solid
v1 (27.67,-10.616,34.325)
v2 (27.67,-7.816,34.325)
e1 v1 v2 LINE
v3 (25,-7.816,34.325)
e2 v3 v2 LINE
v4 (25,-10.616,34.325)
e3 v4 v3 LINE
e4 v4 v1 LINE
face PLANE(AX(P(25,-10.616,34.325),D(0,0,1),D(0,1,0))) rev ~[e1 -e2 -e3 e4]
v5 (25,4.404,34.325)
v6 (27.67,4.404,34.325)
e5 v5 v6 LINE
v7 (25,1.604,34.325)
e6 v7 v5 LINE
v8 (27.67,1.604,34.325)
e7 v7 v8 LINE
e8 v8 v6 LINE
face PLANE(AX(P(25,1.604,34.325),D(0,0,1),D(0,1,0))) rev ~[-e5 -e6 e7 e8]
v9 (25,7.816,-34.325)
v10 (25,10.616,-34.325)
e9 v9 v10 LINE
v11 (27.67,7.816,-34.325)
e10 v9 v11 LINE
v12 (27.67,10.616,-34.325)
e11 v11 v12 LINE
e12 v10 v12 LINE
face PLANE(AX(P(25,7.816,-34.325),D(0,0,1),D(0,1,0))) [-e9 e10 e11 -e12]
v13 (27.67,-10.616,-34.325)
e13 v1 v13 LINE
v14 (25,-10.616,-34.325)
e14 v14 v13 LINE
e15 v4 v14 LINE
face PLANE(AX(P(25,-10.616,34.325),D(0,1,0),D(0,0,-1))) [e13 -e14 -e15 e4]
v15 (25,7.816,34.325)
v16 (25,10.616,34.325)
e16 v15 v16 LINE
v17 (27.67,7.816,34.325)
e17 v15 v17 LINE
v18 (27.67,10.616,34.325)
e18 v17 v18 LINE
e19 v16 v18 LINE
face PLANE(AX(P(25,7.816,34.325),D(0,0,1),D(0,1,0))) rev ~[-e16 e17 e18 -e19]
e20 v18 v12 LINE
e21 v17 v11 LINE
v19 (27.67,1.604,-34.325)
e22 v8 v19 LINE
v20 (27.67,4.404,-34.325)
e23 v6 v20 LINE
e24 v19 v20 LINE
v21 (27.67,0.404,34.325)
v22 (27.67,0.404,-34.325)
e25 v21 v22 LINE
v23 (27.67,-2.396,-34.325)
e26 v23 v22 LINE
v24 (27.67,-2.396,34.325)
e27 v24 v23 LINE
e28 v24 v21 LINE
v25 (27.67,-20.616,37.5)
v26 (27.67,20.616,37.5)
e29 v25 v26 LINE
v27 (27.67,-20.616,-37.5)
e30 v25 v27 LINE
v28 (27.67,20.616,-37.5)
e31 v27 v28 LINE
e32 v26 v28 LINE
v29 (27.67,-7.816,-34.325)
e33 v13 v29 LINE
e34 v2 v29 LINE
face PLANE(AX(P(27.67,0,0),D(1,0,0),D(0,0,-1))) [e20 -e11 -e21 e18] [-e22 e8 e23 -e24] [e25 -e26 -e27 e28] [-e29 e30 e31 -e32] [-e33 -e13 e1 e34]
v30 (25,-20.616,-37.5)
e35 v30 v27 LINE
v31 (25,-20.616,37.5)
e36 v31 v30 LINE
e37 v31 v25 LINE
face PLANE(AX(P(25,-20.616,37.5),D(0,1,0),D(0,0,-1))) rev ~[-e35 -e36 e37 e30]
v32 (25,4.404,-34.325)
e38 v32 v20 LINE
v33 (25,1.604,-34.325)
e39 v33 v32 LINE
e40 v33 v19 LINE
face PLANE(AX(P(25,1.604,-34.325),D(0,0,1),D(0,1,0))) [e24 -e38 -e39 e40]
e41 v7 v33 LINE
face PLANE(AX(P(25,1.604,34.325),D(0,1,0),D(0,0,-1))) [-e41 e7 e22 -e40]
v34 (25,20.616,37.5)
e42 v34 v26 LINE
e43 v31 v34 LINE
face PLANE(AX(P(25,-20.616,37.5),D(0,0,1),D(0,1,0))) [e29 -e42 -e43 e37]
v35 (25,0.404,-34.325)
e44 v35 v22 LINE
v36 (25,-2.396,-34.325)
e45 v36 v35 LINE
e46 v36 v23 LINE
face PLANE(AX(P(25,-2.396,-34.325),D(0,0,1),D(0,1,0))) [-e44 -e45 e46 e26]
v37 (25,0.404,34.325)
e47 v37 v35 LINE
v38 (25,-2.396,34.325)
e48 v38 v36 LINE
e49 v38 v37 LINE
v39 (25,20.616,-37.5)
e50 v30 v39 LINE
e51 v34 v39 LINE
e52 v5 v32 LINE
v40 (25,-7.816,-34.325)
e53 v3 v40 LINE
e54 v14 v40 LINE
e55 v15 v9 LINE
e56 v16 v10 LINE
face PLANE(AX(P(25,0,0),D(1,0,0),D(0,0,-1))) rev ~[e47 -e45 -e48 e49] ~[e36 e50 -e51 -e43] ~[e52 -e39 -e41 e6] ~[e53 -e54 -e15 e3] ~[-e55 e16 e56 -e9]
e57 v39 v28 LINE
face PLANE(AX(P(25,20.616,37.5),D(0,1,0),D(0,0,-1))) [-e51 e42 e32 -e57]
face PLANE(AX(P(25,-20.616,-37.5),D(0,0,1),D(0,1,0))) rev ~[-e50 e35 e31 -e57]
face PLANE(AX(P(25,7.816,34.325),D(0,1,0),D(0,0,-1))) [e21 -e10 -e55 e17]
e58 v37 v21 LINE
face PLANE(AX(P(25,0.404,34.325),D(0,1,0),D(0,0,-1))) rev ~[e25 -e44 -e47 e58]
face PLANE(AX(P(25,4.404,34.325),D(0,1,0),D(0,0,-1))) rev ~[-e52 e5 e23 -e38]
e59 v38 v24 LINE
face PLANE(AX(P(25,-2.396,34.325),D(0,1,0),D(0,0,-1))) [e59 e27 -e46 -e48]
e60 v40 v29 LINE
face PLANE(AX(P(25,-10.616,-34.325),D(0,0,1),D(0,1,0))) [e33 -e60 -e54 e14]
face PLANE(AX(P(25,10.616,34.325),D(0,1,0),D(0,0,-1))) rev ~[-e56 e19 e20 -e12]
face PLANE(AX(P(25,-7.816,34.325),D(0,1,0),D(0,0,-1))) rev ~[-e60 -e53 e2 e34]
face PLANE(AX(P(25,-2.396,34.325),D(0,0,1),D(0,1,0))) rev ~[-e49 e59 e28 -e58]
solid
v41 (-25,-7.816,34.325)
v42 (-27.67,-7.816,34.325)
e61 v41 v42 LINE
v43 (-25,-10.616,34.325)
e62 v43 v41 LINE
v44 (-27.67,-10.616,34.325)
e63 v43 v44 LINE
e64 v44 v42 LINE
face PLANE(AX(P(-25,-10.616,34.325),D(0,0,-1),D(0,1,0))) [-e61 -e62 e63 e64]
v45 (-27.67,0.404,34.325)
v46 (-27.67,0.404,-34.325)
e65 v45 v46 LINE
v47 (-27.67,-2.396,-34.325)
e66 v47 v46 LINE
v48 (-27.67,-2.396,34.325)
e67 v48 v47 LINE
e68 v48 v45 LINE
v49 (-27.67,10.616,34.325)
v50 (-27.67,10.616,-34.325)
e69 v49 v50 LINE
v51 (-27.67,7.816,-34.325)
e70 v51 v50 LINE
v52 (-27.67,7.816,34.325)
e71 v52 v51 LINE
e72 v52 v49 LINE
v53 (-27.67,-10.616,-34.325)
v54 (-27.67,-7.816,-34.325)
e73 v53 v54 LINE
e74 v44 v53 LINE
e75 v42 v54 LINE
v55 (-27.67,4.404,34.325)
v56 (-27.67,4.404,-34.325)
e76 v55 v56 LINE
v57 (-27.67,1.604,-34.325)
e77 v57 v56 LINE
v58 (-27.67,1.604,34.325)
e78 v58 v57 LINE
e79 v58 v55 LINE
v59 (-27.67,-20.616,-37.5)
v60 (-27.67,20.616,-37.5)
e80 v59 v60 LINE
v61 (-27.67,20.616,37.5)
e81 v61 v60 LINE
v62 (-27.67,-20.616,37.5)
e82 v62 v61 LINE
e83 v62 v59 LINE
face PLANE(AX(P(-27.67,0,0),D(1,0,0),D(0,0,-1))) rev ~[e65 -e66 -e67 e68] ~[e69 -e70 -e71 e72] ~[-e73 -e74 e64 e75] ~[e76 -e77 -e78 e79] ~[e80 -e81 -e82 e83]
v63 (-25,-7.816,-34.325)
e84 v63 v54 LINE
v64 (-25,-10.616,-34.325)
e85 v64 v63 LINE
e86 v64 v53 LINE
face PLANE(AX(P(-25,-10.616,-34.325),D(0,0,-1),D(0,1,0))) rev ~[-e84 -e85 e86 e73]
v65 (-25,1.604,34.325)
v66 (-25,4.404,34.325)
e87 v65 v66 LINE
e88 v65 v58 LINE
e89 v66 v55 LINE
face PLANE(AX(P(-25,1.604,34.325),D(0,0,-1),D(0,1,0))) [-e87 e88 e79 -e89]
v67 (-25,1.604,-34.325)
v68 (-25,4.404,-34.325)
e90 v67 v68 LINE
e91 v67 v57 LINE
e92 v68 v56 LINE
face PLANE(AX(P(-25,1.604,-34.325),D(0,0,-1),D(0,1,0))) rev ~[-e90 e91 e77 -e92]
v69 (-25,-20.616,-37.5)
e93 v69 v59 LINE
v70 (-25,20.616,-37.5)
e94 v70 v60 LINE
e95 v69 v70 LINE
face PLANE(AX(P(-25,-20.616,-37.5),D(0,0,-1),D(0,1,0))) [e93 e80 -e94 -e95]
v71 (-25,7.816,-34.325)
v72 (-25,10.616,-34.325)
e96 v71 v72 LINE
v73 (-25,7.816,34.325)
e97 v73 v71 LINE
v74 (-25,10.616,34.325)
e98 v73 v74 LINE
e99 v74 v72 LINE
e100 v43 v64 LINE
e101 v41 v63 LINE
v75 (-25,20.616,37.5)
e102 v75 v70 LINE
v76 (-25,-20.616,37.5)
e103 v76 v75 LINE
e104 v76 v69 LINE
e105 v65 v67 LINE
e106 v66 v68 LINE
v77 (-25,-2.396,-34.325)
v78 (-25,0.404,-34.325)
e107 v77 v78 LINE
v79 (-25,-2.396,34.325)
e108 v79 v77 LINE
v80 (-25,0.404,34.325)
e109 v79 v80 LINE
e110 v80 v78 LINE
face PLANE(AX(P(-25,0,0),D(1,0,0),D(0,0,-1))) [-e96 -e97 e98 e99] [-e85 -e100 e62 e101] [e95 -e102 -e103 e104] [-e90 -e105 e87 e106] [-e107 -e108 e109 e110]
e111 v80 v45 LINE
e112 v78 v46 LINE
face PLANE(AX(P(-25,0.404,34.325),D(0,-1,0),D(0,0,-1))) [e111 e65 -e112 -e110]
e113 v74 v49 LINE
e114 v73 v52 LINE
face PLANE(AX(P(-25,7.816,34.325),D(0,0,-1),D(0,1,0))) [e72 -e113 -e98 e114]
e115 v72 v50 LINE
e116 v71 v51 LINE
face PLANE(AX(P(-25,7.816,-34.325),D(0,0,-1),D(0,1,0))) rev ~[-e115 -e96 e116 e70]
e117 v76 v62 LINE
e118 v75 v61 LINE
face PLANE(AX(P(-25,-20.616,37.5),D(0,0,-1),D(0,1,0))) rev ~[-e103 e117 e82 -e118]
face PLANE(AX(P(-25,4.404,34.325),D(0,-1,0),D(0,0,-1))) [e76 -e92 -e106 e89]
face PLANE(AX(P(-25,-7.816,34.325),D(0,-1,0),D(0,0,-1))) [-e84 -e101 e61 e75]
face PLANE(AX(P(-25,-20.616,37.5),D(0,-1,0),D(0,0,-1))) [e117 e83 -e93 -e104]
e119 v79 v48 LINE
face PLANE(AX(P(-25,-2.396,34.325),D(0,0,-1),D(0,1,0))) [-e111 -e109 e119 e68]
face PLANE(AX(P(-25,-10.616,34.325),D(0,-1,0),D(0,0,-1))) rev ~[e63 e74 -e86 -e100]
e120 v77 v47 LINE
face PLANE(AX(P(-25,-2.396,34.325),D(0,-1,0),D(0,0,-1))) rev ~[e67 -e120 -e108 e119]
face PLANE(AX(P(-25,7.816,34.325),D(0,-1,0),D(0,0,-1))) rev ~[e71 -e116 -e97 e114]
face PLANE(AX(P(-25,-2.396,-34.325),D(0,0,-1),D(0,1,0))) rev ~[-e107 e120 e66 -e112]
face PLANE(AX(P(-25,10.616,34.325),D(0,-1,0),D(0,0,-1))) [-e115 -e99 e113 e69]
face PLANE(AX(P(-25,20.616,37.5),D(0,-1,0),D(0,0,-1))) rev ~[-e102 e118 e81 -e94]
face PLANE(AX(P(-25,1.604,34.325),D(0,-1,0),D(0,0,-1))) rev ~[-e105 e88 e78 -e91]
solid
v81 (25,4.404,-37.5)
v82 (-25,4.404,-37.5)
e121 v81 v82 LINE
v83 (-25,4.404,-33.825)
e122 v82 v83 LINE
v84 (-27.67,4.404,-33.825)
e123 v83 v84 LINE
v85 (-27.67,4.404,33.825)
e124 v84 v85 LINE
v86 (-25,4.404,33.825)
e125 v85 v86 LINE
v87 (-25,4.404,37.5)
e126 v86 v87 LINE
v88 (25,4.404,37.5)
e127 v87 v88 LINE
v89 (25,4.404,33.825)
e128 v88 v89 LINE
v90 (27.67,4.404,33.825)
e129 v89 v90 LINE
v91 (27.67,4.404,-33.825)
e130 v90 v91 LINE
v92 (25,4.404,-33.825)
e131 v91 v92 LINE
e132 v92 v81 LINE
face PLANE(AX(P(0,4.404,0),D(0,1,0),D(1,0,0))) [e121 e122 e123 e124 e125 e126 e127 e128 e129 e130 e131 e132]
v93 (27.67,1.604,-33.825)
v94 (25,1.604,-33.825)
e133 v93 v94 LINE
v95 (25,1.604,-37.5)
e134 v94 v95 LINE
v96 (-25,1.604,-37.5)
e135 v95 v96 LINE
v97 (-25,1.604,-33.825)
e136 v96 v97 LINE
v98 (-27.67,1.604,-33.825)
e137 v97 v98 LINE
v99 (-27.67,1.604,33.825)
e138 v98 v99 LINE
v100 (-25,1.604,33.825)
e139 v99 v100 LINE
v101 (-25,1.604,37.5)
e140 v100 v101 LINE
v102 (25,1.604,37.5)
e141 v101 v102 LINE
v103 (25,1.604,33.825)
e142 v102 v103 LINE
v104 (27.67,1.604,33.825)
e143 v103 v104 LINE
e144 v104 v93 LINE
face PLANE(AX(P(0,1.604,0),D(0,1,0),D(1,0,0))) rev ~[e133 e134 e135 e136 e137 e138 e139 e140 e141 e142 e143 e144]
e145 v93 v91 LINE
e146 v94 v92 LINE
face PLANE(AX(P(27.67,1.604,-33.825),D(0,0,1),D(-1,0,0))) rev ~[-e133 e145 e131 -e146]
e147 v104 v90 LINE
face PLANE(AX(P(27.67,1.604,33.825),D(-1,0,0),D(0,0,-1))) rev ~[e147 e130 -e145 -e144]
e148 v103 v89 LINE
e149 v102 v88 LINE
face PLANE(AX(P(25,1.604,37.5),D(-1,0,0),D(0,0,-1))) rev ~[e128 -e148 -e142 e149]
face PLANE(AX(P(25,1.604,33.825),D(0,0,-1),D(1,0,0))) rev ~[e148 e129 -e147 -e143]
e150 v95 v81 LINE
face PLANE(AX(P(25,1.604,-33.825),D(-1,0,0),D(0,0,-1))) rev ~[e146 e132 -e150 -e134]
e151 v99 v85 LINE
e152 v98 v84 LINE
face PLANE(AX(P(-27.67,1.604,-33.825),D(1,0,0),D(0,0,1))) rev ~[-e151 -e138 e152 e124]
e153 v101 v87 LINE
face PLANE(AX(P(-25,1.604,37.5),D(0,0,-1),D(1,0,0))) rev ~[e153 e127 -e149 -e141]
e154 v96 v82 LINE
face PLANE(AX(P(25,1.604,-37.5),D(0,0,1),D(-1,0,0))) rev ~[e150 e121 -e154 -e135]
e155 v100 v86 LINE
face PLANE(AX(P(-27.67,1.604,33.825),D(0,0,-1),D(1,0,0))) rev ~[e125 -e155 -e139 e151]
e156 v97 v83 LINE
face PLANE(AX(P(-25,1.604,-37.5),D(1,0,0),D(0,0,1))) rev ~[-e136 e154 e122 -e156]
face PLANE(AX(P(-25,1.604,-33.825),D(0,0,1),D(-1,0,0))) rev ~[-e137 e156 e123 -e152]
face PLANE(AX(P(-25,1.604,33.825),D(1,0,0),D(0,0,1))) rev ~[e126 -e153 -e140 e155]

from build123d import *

# Parameters (mm, degrees)
BOSS_EXTRUDE1_START = 25
SKETCH1_W           = 75
SKETCH1_H           = 41.232
SKETCH1_W_2         = 68.65
SKETCH1_H_2         = 2.8
BOSS_EXTRUDE1_DEPTH = 2.67
BOSS_EXTRUDE2_START = -25
SKETCH1_2_W         = 75
SKETCH1_2_H         = 41.232
SKETCH1_2_W_2       = 68.65
SKETCH1_2_H_2       = 2.8
BOSS_EXTRUDE2_DEPTH = 2.67
BOSS_EXTRUDE3_DEPTH = 2.8


with BuildPart() as part:
    # Sketch1 → Boss-Extrude1 (new body)
    with BuildSketch(Plane(origin=(0, 0, 0), x_dir=(0, 0, -1), z_dir=(1, 0, 0)).offset(BOSS_EXTRUDE1_START)):
        Rectangle(SKETCH1_W, SKETCH1_H)
        with Locations((0, -9.216)):
            Rectangle(SKETCH1_W_2, SKETCH1_H_2, mode=Mode.SUBTRACT)
        with Locations((0, -0.996)):
            Rectangle(SKETCH1_W_2, SKETCH1_H_2, mode=Mode.SUBTRACT)
        with Locations((0, 3.004)):
            Rectangle(SKETCH1_W_2, SKETCH1_H_2, mode=Mode.SUBTRACT)
        with Locations((0, 9.216)):
            Rectangle(SKETCH1_W_2, SKETCH1_H_2, mode=Mode.SUBTRACT)
    extrude(amount=BOSS_EXTRUDE1_DEPTH)


with BuildPart() as body_2:
    # Sketch1<2> → Boss-Extrude2 (new body)
    with BuildSketch(Plane(origin=(0, 0, 0), x_dir=(0, 0, -1), z_dir=(1, 0, 0)).offset(BOSS_EXTRUDE2_START)):
        Rectangle(SKETCH1_2_W, SKETCH1_2_H)
        with Locations((0, -9.216)):
            Rectangle(SKETCH1_2_W_2, SKETCH1_2_H_2, mode=Mode.SUBTRACT)
        with Locations((0, -0.996)):
            Rectangle(SKETCH1_2_W_2, SKETCH1_2_H_2, mode=Mode.SUBTRACT)
        with Locations((0, 3.004)):
            Rectangle(SKETCH1_2_W_2, SKETCH1_2_H_2, mode=Mode.SUBTRACT)
        with Locations((0, 9.216)):
            Rectangle(SKETCH1_2_W_2, SKETCH1_2_H_2, mode=Mode.SUBTRACT)
    extrude(amount=-BOSS_EXTRUDE2_DEPTH)


with BuildPart() as body_3:
    # Sketch2 → Boss-Extrude3 (new body)
    with BuildSketch(Plane(origin=(0, 1.604, 0), x_dir=(1, 0, 0), z_dir=(0, 1, 0))):
        Polygon((-27.67, 33.825), (-27.67, -33.825), (-25, -33.825), (-25, -37.5), (25, -37.5), (25, -33.825), (27.67, -33.825), (27.67, 33.825), (25, 33.825), (25, 37.5), (-25, 37.5), (-25, 33.825), align=None)
    extrude(amount=BOSS_EXTRUDE3_DEPTH)


solid = Compound([part.part, body_2.part, body_3.part])
